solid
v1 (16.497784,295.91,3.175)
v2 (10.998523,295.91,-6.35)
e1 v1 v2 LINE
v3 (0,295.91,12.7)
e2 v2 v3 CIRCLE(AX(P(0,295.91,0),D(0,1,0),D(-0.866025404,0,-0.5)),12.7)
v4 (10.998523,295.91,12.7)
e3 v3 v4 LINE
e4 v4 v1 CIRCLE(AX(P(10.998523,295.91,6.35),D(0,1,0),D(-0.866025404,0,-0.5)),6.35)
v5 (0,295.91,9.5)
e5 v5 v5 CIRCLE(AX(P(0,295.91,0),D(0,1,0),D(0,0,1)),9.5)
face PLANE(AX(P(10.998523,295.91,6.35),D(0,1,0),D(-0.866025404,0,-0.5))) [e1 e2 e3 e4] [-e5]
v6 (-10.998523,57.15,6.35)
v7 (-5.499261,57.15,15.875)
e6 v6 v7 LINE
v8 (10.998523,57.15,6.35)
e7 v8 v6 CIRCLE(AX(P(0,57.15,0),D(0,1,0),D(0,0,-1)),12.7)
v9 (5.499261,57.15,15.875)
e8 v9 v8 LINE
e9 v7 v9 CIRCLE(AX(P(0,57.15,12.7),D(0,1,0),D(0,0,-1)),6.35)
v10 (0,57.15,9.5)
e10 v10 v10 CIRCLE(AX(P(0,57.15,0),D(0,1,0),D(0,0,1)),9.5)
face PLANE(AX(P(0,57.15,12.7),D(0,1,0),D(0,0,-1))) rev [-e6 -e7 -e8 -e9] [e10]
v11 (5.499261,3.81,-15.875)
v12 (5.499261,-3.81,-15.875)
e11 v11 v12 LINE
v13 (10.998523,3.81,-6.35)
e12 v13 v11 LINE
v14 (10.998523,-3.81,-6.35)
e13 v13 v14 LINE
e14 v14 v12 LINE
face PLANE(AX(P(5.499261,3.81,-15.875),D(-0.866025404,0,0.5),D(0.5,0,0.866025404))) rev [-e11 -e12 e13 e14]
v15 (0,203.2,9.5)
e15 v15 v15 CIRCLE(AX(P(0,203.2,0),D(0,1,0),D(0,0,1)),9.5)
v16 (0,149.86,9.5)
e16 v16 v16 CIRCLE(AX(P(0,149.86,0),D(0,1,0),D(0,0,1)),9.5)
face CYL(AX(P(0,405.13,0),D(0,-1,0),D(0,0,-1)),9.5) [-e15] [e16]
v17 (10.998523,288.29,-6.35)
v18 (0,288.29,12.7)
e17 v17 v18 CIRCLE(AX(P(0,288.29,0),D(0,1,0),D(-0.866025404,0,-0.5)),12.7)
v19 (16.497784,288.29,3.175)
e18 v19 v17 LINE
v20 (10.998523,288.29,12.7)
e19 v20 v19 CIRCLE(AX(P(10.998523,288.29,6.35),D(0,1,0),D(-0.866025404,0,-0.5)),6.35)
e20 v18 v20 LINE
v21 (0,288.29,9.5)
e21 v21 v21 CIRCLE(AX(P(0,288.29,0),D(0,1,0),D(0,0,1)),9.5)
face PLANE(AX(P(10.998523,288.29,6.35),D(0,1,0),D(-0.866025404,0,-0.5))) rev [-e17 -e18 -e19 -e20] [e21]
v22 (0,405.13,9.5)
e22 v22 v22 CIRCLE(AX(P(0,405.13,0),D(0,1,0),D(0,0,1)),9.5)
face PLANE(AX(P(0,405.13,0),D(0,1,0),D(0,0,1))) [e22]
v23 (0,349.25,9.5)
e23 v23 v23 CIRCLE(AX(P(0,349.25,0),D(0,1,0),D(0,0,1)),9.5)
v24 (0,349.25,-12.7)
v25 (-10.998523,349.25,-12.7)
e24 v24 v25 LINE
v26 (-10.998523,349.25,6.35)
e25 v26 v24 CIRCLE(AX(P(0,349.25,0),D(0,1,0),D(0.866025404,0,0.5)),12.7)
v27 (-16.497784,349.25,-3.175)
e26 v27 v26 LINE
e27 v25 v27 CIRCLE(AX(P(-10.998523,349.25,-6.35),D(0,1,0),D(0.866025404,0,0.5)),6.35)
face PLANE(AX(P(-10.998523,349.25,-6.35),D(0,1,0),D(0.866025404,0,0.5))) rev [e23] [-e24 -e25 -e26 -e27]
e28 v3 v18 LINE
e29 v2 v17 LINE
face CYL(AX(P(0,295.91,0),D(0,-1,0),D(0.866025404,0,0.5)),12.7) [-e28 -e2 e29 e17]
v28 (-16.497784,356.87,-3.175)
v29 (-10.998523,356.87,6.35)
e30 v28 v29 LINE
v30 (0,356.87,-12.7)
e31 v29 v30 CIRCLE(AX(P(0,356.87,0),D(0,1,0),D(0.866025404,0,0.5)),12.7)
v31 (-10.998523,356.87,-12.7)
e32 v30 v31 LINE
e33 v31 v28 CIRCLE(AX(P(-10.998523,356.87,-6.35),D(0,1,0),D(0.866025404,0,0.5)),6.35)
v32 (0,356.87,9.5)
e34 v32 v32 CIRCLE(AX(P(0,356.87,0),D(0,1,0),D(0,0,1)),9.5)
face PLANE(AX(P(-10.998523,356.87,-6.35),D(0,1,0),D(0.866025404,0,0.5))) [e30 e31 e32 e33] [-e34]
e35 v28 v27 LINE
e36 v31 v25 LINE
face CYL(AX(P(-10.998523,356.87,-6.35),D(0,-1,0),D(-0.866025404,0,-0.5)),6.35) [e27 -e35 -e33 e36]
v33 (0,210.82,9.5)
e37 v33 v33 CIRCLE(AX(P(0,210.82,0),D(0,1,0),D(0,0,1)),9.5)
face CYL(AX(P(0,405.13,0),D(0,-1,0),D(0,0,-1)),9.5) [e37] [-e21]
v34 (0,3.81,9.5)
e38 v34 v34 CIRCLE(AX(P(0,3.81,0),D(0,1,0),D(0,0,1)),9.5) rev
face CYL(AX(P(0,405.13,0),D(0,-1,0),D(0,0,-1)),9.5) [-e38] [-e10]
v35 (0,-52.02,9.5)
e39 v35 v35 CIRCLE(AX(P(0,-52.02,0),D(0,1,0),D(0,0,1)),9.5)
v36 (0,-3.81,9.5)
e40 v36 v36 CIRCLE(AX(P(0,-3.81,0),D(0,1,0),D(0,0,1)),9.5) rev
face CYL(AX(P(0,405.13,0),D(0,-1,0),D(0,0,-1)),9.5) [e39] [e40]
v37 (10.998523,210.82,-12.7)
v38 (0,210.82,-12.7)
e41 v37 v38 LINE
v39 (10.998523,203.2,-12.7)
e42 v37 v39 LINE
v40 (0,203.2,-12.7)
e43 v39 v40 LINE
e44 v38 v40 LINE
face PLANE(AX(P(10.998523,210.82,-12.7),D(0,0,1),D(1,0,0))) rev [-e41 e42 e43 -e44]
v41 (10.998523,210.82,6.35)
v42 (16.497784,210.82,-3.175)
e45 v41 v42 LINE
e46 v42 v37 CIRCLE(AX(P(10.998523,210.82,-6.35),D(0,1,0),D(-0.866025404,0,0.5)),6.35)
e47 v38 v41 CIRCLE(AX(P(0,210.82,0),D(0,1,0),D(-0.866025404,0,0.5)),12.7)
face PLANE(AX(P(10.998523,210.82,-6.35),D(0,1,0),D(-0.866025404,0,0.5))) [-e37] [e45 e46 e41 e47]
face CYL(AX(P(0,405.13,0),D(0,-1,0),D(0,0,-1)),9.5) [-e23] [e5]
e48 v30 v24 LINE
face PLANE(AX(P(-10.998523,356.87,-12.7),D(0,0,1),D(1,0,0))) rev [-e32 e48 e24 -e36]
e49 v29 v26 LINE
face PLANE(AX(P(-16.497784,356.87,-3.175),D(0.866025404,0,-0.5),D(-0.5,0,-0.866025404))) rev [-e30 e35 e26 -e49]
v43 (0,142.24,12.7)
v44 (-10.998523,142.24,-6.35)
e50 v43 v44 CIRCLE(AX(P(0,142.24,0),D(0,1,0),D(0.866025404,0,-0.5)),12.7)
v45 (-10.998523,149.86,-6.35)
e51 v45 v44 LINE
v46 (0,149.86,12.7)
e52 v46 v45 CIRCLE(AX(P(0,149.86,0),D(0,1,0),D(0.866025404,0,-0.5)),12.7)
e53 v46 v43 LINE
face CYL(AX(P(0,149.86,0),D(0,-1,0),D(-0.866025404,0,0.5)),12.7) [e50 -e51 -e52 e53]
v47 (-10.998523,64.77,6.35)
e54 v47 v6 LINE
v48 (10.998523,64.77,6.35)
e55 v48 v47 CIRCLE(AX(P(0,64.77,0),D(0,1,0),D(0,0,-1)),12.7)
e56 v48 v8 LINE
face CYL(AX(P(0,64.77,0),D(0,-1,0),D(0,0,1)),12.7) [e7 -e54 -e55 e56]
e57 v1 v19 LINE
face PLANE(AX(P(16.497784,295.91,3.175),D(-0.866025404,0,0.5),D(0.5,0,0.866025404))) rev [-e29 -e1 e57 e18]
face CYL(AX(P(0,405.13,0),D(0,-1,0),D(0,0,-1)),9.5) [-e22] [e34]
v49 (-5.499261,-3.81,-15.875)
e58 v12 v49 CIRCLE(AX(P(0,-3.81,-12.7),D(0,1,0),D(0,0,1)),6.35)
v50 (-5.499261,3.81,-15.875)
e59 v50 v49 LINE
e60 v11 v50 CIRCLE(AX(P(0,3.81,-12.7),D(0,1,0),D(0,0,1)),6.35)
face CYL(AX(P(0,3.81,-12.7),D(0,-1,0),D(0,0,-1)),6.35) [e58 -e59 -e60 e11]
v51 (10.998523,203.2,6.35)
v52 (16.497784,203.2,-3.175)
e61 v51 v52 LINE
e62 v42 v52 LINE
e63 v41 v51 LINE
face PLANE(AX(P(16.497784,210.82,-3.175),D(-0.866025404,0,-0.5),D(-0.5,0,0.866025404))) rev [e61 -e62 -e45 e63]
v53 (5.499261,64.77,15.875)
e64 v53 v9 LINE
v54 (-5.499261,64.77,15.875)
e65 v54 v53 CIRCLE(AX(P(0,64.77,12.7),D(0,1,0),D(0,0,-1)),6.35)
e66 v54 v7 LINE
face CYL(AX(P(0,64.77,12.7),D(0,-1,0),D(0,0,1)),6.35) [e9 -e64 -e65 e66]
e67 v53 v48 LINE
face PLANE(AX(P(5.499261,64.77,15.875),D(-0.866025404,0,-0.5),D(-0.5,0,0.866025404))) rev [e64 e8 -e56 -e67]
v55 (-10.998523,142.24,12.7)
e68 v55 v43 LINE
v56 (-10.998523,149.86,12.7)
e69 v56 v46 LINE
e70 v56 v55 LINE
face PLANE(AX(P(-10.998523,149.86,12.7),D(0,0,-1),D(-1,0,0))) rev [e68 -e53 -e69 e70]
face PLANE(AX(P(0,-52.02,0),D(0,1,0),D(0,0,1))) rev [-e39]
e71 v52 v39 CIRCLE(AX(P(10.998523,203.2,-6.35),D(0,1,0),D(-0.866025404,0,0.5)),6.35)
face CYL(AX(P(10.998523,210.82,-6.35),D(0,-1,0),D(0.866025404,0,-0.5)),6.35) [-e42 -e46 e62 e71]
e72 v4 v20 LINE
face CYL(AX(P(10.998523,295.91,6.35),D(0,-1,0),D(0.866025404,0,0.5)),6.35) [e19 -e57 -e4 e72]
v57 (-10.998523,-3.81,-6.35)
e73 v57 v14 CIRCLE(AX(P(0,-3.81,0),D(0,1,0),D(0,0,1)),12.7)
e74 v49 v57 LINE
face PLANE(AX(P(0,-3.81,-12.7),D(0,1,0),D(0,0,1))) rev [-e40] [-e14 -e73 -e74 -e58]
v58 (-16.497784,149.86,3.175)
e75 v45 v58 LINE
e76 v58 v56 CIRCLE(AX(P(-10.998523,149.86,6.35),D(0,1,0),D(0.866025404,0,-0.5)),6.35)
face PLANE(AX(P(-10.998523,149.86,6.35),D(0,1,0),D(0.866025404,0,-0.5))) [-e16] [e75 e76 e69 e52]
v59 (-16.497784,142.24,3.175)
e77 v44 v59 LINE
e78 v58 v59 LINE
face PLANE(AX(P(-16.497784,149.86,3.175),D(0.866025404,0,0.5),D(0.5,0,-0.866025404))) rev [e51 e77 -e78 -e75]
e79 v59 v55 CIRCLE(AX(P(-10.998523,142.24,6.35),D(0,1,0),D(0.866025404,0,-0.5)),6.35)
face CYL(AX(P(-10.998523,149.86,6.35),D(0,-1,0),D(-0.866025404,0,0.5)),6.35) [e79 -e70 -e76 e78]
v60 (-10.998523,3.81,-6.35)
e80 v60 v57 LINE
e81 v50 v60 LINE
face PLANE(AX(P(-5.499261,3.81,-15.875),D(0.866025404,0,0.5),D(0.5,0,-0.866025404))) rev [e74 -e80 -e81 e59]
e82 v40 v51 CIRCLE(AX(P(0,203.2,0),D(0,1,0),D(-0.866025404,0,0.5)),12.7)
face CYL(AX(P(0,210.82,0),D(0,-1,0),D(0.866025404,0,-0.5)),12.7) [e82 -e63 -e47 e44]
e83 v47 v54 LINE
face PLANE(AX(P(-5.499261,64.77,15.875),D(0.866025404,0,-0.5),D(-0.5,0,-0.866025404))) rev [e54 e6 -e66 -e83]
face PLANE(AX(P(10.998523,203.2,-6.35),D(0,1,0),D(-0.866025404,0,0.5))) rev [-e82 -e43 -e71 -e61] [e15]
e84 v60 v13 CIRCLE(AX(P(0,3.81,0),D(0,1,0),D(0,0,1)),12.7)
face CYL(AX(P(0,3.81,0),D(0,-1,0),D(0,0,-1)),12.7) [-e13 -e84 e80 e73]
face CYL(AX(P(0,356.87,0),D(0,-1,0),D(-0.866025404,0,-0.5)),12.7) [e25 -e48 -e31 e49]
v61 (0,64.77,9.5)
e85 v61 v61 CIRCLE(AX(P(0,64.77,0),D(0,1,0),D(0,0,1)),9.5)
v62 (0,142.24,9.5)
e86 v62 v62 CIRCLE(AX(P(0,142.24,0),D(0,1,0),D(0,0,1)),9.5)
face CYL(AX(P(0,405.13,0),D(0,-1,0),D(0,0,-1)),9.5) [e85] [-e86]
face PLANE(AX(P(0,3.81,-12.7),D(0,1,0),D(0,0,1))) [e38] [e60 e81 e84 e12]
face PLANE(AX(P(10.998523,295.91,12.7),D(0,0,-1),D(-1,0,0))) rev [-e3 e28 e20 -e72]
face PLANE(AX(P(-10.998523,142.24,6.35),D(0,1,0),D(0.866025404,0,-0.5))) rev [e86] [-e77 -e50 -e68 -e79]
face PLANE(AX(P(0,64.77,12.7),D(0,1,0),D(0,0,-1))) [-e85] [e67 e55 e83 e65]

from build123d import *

# Parameters (mm, degrees)
BOSS_EXTRUDE1_DEPTH   = 3.81
LPATTERN1_COUNT       = 2
LPATTERN1_PITCH       = 60.96
BODY_MOVE_COPY1_ANGLE = 180
LPATTERN2_COUNT       = 3
LPATTERN2_PITCH       = 146.05
BODY_MOVE_COPY2_ANGLE = 120
BODY_MOVE_COPY3_ANGLE = 120
BOSS_EXTRUDE2_START   = -52.02
SKETCH2_R             = 9.5
BOSS_EXTRUDE2_DEPTH   = 457.15


with BuildPart() as part:
    # Sketch1 → Boss-Extrude1 (new, symmetric)
    with BuildSketch(Plane(origin=(0, 0, 0), x_dir=(1, 0, 0), z_dir=(0, 1, 0))):
        with BuildLine():
            Line((-5.499261314, 15.875), (-10.998522628, 6.35))
            ThreePointArc((-10.998522628, 6.35), (0, -12.7), (10.998522628, 6.35))
            Line((10.998522628, 6.35), (5.499261314, 15.875))
            ThreePointArc((5.499261314, 15.875), (0, 19.05), (-5.499261314, 15.875))
        make_face()
    extrude(amount=BOSS_EXTRUDE1_DEPTH, both=True)


with BuildPart() as lpattern1_1:
    # LPattern1: pattern copy
    add(part.part.moved(Location(Vector(0, 1, 0) * (1 * LPATTERN1_PITCH))))


with BuildPart() as lpattern1_1_1:
    # Body-Move/Copy1: moved
    add(lpattern1_1.part.rotate(Axis((0, 0, 0), (0, 1, 0)), BODY_MOVE_COPY1_ANGLE))


with BuildPart() as lpattern2_1:
    # LPattern2: pattern copy
    add(part.part.moved(Location(Vector(0, 1, 0) * (1 * LPATTERN2_PITCH))))


with BuildPart() as lpattern2_2:
    # LPattern2: pattern copy
    add(part.part.moved(Location(Vector(0, 1, 0) * (2 * LPATTERN2_PITCH))))


with BuildPart() as lpattern2_3:
    # LPattern2: pattern copy
    add(lpattern1_1_1.part.moved(Location(Vector(0, 1, 0) * (1 * LPATTERN2_PITCH))))


with BuildPart() as lpattern2_4:
    # LPattern2: pattern copy
    add(lpattern1_1_1.part.moved(Location(Vector(0, 1, 0) * (2 * LPATTERN2_PITCH))))


with BuildPart() as lpattern2_1_1:
    # Body-Move/Copy2: moved
    add(lpattern2_1.part.rotate(Axis((0, 0, 0), (0, 1, 0)), BODY_MOVE_COPY2_ANGLE))


with BuildPart() as lpattern2_3_1:
    # Body-Move/Copy2: moved
    add(lpattern2_3.part.rotate(Axis((0, 0, 0), (0, 1, 0)), BODY_MOVE_COPY2_ANGLE))


with BuildPart() as lpattern2_4_1:
    # Body-Move/Copy3: moved
    add(lpattern2_4.part.rotate(Axis((0, 0, 0), (0, -1, 0)), BODY_MOVE_COPY3_ANGLE))


with BuildPart() as lpattern2_2_1:
    # Body-Move/Copy3: moved
    add(lpattern2_2.part.rotate(Axis((0, 0, 0), (0, -1, 0)), BODY_MOVE_COPY3_ANGLE))


with BuildPart() as part_1:
    add(part.part)

    add(lpattern1_1_1.part)  # Boss-Extrude2 merges LPattern1_1

    add(lpattern2_1_1.part)  # Boss-Extrude2 merges LPattern2_1

    add(lpattern2_2_1.part)  # Boss-Extrude2 merges LPattern2_2

    add(lpattern2_3_1.part)  # Boss-Extrude2 merges LPattern2_3

    add(lpattern2_4_1.part)  # Boss-Extrude2 merges LPattern2_4
    # Sketch2 → Boss-Extrude2 (add)
    with BuildSketch(Plane(origin=(0, 0, 0), x_dir=(1, 0, 0), z_dir=(0, 1, 0)).offset(BOSS_EXTRUDE2_START)):
        Circle(SKETCH2_R)
    extrude(amount=BOSS_EXTRUDE2_DEPTH)


solid = part_1.part
